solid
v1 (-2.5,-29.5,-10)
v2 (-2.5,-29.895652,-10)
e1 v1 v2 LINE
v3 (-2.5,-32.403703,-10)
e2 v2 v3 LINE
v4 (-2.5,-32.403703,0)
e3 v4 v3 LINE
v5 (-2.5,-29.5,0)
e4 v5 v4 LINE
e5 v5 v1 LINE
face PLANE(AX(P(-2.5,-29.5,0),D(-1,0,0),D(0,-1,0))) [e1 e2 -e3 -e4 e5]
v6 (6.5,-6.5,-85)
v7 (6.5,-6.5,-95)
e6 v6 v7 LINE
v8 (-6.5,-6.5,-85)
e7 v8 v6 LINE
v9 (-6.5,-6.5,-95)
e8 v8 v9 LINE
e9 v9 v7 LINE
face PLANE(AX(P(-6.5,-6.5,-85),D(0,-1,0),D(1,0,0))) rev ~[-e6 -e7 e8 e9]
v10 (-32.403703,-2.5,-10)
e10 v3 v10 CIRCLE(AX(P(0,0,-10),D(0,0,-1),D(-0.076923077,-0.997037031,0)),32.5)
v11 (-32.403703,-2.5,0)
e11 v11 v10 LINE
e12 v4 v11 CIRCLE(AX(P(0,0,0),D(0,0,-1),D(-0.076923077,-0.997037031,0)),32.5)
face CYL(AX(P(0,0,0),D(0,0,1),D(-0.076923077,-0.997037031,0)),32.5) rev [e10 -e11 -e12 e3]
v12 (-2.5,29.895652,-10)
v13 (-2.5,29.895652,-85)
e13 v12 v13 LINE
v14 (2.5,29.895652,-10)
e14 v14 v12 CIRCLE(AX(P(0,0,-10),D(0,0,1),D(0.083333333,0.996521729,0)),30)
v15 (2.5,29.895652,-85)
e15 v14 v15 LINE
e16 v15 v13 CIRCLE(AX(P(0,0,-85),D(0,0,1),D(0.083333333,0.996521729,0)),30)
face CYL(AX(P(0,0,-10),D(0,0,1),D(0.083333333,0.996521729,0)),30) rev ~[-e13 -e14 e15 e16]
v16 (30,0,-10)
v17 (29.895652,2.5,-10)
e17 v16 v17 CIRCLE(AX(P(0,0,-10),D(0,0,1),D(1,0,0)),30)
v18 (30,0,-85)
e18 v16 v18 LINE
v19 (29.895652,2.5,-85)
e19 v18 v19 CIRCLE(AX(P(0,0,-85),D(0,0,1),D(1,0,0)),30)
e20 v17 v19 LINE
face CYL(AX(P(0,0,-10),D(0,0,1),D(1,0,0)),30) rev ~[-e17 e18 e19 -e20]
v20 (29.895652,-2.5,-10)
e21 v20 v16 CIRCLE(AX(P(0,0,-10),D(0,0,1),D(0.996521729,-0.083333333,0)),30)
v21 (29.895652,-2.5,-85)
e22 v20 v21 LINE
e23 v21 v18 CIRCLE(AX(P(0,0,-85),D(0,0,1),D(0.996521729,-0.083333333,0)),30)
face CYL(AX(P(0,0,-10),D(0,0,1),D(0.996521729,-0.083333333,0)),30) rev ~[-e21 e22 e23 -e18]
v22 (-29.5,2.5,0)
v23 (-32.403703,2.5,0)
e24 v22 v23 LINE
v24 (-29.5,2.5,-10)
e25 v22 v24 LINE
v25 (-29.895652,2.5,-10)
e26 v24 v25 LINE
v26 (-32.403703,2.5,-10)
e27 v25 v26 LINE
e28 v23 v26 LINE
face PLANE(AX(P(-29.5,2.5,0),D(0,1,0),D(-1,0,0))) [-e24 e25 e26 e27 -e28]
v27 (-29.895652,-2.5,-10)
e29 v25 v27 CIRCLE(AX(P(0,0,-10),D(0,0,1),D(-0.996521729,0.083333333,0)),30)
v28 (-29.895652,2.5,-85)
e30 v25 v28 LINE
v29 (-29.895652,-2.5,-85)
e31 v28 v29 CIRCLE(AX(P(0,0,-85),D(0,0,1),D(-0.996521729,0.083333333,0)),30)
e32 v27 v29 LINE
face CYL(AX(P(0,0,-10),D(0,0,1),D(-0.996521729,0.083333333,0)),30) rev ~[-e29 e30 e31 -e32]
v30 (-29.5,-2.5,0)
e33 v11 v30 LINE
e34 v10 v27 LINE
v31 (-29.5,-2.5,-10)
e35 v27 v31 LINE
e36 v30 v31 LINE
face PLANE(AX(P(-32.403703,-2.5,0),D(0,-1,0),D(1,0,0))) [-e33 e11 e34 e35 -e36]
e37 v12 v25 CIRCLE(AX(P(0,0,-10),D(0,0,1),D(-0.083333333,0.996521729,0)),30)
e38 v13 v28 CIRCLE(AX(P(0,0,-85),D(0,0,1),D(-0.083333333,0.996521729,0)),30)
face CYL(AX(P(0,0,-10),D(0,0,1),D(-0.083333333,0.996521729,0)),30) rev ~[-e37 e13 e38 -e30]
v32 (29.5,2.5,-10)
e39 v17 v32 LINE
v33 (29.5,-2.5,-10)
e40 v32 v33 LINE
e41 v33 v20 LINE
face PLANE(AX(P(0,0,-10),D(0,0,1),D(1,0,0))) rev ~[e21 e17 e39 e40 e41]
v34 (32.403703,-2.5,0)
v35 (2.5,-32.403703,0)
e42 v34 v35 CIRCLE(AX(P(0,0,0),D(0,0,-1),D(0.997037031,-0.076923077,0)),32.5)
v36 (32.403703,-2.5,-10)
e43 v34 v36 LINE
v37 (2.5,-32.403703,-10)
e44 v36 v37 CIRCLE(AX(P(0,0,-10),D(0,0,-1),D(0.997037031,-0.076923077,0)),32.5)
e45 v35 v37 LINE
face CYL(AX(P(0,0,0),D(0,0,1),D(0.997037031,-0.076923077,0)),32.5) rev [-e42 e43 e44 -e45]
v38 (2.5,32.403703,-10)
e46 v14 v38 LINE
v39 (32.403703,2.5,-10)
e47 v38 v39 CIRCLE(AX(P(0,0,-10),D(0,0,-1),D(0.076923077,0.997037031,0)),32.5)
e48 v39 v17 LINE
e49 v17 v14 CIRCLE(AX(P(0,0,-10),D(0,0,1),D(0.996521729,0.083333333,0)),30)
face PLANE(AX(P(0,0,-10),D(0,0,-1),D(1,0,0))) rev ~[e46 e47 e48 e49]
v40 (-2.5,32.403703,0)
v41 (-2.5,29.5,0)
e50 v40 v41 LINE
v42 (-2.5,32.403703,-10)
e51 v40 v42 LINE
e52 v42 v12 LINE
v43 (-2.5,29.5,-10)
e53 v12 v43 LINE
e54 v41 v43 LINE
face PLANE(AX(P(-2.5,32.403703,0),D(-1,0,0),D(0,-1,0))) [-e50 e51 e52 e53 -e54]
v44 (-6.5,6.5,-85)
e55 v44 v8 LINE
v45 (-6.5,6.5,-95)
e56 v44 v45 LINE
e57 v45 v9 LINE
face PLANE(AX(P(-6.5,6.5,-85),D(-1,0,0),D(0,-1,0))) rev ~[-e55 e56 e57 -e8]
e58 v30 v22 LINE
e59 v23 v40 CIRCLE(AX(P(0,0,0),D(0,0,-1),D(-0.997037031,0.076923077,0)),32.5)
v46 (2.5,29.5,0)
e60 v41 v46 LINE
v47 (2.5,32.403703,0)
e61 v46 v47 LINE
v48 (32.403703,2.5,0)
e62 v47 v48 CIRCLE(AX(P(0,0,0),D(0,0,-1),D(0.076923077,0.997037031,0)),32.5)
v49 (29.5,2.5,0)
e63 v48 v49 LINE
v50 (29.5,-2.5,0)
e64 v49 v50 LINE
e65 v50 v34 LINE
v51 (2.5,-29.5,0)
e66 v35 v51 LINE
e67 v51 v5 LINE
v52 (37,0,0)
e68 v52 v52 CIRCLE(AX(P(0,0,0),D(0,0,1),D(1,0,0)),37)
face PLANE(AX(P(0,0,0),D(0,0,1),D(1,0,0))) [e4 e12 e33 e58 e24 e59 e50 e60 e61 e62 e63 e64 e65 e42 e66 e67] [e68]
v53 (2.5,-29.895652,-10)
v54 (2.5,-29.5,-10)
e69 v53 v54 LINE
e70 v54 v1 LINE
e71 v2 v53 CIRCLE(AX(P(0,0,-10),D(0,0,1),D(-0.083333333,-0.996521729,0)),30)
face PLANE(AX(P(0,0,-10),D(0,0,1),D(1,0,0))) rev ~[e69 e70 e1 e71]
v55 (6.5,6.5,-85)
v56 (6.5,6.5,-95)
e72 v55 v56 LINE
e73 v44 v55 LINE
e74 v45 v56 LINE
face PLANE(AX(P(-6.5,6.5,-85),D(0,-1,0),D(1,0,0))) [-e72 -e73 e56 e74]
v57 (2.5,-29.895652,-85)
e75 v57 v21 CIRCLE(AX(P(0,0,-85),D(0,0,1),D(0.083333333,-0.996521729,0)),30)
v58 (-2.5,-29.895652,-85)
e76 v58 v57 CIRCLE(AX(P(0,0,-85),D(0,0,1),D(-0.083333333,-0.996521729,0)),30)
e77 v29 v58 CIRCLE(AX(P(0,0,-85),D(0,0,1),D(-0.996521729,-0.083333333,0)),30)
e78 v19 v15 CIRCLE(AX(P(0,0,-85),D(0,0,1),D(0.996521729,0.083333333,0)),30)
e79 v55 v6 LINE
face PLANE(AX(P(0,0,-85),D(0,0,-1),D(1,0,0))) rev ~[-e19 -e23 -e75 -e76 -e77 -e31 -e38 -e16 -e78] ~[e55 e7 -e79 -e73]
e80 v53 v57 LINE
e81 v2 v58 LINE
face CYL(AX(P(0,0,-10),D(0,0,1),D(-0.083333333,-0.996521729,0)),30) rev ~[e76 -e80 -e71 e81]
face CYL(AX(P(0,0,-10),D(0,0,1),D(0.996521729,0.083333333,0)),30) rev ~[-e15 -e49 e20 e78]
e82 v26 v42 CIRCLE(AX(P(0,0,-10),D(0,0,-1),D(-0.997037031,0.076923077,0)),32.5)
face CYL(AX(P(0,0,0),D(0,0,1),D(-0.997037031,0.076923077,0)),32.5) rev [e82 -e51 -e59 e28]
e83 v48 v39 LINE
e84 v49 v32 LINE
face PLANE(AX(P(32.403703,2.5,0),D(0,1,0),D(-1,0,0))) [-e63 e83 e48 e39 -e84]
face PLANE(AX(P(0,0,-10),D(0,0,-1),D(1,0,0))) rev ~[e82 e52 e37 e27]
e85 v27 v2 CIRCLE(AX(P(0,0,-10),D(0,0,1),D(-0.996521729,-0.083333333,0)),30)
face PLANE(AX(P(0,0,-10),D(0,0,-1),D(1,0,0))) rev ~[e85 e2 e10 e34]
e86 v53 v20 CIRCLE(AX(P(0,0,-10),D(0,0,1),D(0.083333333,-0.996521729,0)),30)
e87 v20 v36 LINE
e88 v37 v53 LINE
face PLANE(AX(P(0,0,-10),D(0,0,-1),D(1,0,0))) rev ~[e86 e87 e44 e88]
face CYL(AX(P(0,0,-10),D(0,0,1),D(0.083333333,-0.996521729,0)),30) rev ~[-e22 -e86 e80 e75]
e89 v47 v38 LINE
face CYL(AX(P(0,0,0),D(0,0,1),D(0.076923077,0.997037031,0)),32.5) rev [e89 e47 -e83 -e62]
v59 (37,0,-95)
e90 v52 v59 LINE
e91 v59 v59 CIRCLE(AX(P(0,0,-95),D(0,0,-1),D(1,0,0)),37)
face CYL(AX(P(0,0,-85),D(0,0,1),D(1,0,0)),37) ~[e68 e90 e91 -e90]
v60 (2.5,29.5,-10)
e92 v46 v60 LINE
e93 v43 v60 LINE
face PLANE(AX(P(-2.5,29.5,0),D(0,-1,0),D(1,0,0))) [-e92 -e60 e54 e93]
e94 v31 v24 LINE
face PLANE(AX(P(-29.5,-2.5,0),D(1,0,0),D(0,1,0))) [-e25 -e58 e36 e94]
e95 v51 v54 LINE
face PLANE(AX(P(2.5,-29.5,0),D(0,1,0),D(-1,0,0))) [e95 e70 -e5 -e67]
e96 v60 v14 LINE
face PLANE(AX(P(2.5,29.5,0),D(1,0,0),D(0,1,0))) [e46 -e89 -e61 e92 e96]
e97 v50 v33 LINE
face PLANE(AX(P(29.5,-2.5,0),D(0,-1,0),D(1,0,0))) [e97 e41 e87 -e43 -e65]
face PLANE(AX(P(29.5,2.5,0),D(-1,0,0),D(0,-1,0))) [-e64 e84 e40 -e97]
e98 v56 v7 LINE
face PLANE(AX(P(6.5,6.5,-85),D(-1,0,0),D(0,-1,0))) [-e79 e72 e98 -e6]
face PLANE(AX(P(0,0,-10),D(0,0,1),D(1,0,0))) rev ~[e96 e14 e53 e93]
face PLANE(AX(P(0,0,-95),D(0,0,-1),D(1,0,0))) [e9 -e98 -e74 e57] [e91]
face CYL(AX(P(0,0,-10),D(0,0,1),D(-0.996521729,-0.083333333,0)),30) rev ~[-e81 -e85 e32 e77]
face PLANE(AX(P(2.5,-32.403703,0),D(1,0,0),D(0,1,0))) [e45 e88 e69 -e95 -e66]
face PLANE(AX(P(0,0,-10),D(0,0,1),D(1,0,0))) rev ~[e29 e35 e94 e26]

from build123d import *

# Parameters (mm, degrees)
F0_R     = 37
F1_DEPTH = 10
F2_R     = 37
F3_DEPTH = 75
F4_R     = 37
F4_R_2   = 30
F4_W     = 13
F4_H     = 13
F5_DEPTH = 10


with BuildPart() as f1:
    # F0 (on Top) → F1 (new body)
    with BuildSketch(Plane.XY):
        Circle(F0_R)
        with BuildLine():
            ThreePointArc((32.403703492, 2.5), (32.47591695, 1.250926958), (32.5, 0))
            ThreePointArc((32.5, 0), (32.47591695, -1.250926958), (32.403703492, -2.5))
            ThreePointArc((32.403703492, -2.5), (22.9809703886, -22.9809703886), (2.5, -32.403703492))
            ThreePointArc((2.5, -32.403703492), (0, -32.5), (-2.5, -32.403703492))
            ThreePointArc((-2.5, -32.403703492), (-22.9809703886, -22.9809703886), (-32.403703492, -2.5))
            ThreePointArc((-32.403703492, -2.5), (-32.5, 0), (-32.403703492, 2.5))
            ThreePointArc((-32.403703492, 2.5), (-22.9809703886, 22.9809703886), (-2.5, 32.403703492))
            ThreePointArc((-2.5, 32.403703492), (0, 32.5), (2.5, 32.403703492))
            ThreePointArc((2.5, 32.403703492), (22.9809703886, 22.9809703886), (32.403703492, 2.5))
        make_face(mode=Mode.SUBTRACT)
        with BuildLine():
            Line((2.5, 29.5), (2.5, 32.403703492))
            ThreePointArc((2.5, 32.403703492), (0, 32.5), (-2.5, 32.403703492))
            Line((-2.5, 32.403703492), (-2.5, 29.5))
            Line((-2.5, 29.5), (2.5, 29.5))
        make_face()
        with BuildLine():
            ThreePointArc((32.403703492, -2.5), (32.47591695, -1.250926958), (32.5, 0))
            ThreePointArc((32.5, 0), (32.47591695, 1.250926958), (32.403703492, 2.5))
            Line((32.403703492, 2.5), (29.5, 2.5))
            Line((29.5, 2.5), (29.5, -2.5))
            Line((29.5, -2.5), (32.403703492, -2.5))
        make_face()
        with BuildLine():
            ThreePointArc((-2.5, -32.403703492), (0, -32.5), (2.5, -32.403703492))
            Line((2.5, -32.403703492), (2.5, -29.5))
            Line((2.5, -29.5), (-2.5, -29.5))
            Line((-2.5, -29.5), (-2.5, -32.403703492))
        make_face()
        with BuildLine():
            Line((-29.5, 2.5), (-32.403703492, 2.5))
            ThreePointArc((-32.403703492, 2.5), (-32.5, 0), (-32.403703492, -2.5))
            Line((-32.403703492, -2.5), (-29.5, -2.5))
            Line((-29.5, -2.5), (-29.5, 2.5))
        make_face()
    extrude(amount=-F1_DEPTH)

    # F2 (on face) → F3 (join)
    with BuildSketch(Plane(origin=(0, 0, -10), x_dir=(1, 0, 0), z_dir=(0, 0, -1))):
        Circle(F2_R)
        with BuildLine():
            ThreePointArc((29.8956518578, 2.5), (29.9739016123, 1.2510883797), (30, 0))
            ThreePointArc((30, 0), (29.9739016123, -1.2510883797), (29.8956518578, -2.5))
            Line((29.8956518578, -2.5), (32.403703492, -2.5))
            ThreePointArc((32.403703492, -2.5), (22.9809703886, -22.9809703886), (2.5, -32.403703492))
            Line((2.5, -32.403703492), (2.5, -29.8956518578))
            ThreePointArc((2.5, -29.8956518578), (0, -30), (-2.5, -29.8956518578))
            Line((-2.5, -29.8956518578), (-2.5, -32.403703492))
            ThreePointArc((-2.5, -32.403703492), (-22.9809703886, -22.9809703886), (-32.403703492, -2.5))
            Line((-32.403703492, -2.5), (-29.8956518578, -2.5))
            ThreePointArc((-29.8956518578, -2.5), (-30, 0), (-29.8956518578, 2.5))
            Line((-29.8956518578, 2.5), (-32.403703492, 2.5))
            ThreePointArc((-32.403703492, 2.5), (-22.9809703886, 22.9809703886), (-2.5, 32.403703492))
            Line((-2.5, 32.403703492), (-2.5, 29.8956518578))
            ThreePointArc((-2.5, 29.8956518578), (0, 30), (2.5, 29.8956518578))
            Line((2.5, 29.8956518578), (2.5, 32.403703492))
            ThreePointArc((2.5, 32.403703492), (22.9809703886, 22.9809703886), (32.403703492, 2.5))
            Line((32.403703492, 2.5), (29.8956518578, 2.5))
        make_face(mode=Mode.SUBTRACT)
        with BuildLine():
            Line((32.403703492, -2.5), (29.8956518578, -2.5))
            ThreePointArc((29.8956518578, -2.5), (21.2132034356, -21.2132034356), (2.5, -29.8956518578))
            Line((2.5, -29.8956518578), (2.5, -32.403703492))
            ThreePointArc((2.5, -32.403703492), (22.9809703886, -22.9809703886), (32.403703492, -2.5))
        make_face()
        with BuildLine():
            Line((-2.5, -32.403703492), (-2.5, -29.8956518578))
            ThreePointArc((-2.5, -29.8956518578), (-21.2132034356, -21.2132034356), (-29.8956518578, -2.5))
            Line((-29.8956518578, -2.5), (-32.403703492, -2.5))
            ThreePointArc((-32.403703492, -2.5), (-22.9809703886, -22.9809703886), (-2.5, -32.403703492))
        make_face()
        with BuildLine():
            ThreePointArc((-29.8956518578, 2.5), (-21.2132034356, 21.2132034356), (-2.5, 29.8956518578))
            Line((-2.5, 29.8956518578), (-2.5, 32.403703492))
            ThreePointArc((-2.5, 32.403703492), (-22.9809703886, 22.9809703886), (-32.403703492, 2.5))
            Line((-32.403703492, 2.5), (-29.8956518578, 2.5))
        make_face()
        with BuildLine():
            ThreePointArc((2.5, 29.8956518578), (21.2132034356, 21.2132034356), (29.8956518578, 2.5))
            Line((29.8956518578, 2.5), (32.403703492, 2.5))
            ThreePointArc((32.403703492, 2.5), (22.9809703886, 22.9809703886), (2.5, 32.403703492))
            Line((2.5, 32.403703492), (2.5, 29.8956518578))
        make_face()
    extrude(amount=F3_DEPTH)

    # F4 (on face) → F5 (join)
    with BuildSketch(Plane(origin=(0, 0, -85), x_dir=(1, 0, 0), z_dir=(0, 0, -1))):
        Circle(F4_R)
        Circle(F4_R_2, mode=Mode.SUBTRACT)
        Circle(F4_R_2)
        Rectangle(F4_W, F4_H, mode=Mode.SUBTRACT)
    extrude(amount=F5_DEPTH)


solid = f1.part
